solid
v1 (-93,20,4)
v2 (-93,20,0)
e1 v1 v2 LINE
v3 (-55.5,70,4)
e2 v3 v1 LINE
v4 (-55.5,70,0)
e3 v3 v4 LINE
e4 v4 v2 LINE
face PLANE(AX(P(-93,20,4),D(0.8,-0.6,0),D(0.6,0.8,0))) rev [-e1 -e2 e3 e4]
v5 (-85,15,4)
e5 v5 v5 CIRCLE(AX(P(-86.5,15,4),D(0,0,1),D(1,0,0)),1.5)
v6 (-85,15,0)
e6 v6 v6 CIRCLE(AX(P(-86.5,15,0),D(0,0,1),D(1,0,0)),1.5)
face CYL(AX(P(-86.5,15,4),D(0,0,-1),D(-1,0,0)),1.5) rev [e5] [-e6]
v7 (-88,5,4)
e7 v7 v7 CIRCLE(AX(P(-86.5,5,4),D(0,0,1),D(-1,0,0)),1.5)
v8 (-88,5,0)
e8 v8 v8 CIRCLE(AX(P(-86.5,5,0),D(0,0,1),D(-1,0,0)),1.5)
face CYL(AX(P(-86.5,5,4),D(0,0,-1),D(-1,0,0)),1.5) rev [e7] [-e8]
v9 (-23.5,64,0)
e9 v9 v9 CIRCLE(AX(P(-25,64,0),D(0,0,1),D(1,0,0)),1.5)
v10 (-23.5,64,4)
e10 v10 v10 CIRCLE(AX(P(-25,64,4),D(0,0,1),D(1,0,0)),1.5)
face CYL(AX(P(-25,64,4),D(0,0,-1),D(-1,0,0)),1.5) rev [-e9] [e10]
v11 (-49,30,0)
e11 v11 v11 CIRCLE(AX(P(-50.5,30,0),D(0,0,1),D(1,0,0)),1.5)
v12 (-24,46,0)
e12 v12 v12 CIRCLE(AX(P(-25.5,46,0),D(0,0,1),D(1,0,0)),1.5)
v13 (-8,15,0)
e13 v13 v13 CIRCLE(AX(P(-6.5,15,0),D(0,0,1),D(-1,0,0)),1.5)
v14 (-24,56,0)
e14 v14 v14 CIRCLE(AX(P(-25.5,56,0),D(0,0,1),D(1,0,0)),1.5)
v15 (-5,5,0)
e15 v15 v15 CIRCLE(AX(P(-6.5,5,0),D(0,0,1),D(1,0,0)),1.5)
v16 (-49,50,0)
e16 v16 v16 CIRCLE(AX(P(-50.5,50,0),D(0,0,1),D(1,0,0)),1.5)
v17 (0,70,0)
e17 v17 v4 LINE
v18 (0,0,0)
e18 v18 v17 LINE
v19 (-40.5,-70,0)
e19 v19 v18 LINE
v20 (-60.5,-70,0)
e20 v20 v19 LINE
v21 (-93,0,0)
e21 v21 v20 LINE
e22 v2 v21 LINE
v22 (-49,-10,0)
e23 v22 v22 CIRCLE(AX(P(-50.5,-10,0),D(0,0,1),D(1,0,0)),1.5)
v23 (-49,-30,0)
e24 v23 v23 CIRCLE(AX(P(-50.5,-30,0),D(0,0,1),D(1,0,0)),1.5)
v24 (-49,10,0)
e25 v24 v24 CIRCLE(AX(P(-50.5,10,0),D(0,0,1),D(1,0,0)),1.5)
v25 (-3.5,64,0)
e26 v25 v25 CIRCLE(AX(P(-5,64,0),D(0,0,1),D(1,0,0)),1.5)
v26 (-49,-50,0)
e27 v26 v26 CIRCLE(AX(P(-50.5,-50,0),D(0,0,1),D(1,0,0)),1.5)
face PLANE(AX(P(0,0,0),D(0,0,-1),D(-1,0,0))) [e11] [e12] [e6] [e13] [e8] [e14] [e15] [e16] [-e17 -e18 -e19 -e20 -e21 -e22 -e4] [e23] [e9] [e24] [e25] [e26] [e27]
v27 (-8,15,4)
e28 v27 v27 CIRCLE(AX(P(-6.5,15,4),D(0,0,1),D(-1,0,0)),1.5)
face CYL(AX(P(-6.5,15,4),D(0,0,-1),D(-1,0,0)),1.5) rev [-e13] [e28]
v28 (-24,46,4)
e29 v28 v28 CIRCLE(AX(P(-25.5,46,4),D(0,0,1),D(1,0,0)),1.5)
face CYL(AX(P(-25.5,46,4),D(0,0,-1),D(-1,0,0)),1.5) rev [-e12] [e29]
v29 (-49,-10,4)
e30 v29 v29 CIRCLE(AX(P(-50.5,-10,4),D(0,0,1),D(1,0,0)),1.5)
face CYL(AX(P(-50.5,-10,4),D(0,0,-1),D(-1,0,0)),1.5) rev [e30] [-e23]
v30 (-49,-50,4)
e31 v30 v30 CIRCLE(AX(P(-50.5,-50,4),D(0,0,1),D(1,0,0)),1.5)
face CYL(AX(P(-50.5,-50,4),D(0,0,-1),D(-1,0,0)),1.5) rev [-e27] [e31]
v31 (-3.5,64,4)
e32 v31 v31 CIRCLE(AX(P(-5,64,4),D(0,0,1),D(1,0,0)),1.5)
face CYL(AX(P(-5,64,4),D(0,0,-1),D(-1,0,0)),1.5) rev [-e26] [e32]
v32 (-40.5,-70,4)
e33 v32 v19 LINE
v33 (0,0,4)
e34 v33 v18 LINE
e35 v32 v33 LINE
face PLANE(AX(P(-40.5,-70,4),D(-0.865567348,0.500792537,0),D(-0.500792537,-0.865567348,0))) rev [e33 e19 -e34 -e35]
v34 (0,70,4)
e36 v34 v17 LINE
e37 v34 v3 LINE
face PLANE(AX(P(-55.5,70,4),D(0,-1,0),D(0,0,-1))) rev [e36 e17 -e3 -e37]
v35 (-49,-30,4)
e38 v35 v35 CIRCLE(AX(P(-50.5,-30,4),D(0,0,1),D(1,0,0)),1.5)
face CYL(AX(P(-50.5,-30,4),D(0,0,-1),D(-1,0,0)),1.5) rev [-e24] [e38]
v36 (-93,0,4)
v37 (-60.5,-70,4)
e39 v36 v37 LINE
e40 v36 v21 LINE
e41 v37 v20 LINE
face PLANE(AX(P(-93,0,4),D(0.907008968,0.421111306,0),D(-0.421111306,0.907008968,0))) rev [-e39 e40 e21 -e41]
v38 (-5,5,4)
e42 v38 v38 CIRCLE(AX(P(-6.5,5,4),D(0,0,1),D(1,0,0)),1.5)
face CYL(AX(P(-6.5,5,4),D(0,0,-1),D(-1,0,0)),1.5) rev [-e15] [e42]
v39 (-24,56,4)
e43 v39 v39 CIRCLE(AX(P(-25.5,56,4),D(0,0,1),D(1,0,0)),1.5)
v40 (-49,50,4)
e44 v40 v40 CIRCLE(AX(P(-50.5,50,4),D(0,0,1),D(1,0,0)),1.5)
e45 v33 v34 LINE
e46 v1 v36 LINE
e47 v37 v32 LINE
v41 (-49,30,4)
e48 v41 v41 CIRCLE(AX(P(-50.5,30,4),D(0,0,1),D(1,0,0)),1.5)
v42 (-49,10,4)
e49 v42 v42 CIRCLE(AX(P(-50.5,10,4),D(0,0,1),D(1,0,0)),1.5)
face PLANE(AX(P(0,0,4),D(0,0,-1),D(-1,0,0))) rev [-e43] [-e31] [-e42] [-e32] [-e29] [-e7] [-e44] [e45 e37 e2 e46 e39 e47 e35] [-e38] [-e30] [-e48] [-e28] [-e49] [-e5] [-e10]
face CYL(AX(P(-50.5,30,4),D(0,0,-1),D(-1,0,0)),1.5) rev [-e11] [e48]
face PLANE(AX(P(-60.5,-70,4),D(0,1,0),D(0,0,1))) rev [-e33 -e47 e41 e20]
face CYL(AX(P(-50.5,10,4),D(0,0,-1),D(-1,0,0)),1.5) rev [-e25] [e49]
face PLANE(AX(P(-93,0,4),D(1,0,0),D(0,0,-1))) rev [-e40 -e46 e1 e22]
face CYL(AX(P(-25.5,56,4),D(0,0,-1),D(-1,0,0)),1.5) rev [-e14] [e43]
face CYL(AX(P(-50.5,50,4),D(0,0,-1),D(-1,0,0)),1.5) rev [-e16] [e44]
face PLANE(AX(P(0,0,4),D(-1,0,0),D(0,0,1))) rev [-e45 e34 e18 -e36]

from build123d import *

# Parameters (mm, degrees)
SKETCH_1_R      = 1.5
EXTRUDE_1_DEPTH = 4


with BuildPart() as part:
    # 草图1 → 凸台-拉伸1 (new body)
    with BuildSketch(Plane.XY):
        Polygon((0, 0), (0, 70), (-55.5, 70), (-93, 20), (-93, 0), (-60.5, -70), (-40.5, -70), align=None)
        with Locations((-86.5, 15)):
            Circle(SKETCH_1_R, mode=Mode.SUBTRACT)
        with Locations(Location((-86.5, 5, 0), (0, 0, 180))):
            Circle(SKETCH_1_R, mode=Mode.SUBTRACT)
        with Locations((-6.5, 5)):
            Circle(SKETCH_1_R, mode=Mode.SUBTRACT)
        with Locations(Location((-6.5, 15, 0), (0, 0, 180))):
            Circle(SKETCH_1_R, mode=Mode.SUBTRACT)
        with Locations((-25.5, 56)):
            Circle(SKETCH_1_R, mode=Mode.SUBTRACT)
        with Locations((-25.5, 46)):
            Circle(SKETCH_1_R, mode=Mode.SUBTRACT)
        with Locations((-50.5, 10)):
            Circle(SKETCH_1_R, mode=Mode.SUBTRACT)
        with Locations((-50.5, 30)):
            Circle(SKETCH_1_R, mode=Mode.SUBTRACT)
        with Locations((-50.5, 50)):
            Circle(SKETCH_1_R, mode=Mode.SUBTRACT)
        with Locations((-50.5, -10)):
            Circle(SKETCH_1_R, mode=Mode.SUBTRACT)
        with Locations((-50.5, -30)):
            Circle(SKETCH_1_R, mode=Mode.SUBTRACT)
        with Locations((-5, 64)):
            Circle(SKETCH_1_R, mode=Mode.SUBTRACT)
        with Locations((-25, 64)):
            Circle(SKETCH_1_R, mode=Mode.SUBTRACT)
        with Locations((-50.5, -50)):
            Circle(SKETCH_1_R, mode=Mode.SUBTRACT)
    extrude(amount=EXTRUDE_1_DEPTH)


solid = part.part
